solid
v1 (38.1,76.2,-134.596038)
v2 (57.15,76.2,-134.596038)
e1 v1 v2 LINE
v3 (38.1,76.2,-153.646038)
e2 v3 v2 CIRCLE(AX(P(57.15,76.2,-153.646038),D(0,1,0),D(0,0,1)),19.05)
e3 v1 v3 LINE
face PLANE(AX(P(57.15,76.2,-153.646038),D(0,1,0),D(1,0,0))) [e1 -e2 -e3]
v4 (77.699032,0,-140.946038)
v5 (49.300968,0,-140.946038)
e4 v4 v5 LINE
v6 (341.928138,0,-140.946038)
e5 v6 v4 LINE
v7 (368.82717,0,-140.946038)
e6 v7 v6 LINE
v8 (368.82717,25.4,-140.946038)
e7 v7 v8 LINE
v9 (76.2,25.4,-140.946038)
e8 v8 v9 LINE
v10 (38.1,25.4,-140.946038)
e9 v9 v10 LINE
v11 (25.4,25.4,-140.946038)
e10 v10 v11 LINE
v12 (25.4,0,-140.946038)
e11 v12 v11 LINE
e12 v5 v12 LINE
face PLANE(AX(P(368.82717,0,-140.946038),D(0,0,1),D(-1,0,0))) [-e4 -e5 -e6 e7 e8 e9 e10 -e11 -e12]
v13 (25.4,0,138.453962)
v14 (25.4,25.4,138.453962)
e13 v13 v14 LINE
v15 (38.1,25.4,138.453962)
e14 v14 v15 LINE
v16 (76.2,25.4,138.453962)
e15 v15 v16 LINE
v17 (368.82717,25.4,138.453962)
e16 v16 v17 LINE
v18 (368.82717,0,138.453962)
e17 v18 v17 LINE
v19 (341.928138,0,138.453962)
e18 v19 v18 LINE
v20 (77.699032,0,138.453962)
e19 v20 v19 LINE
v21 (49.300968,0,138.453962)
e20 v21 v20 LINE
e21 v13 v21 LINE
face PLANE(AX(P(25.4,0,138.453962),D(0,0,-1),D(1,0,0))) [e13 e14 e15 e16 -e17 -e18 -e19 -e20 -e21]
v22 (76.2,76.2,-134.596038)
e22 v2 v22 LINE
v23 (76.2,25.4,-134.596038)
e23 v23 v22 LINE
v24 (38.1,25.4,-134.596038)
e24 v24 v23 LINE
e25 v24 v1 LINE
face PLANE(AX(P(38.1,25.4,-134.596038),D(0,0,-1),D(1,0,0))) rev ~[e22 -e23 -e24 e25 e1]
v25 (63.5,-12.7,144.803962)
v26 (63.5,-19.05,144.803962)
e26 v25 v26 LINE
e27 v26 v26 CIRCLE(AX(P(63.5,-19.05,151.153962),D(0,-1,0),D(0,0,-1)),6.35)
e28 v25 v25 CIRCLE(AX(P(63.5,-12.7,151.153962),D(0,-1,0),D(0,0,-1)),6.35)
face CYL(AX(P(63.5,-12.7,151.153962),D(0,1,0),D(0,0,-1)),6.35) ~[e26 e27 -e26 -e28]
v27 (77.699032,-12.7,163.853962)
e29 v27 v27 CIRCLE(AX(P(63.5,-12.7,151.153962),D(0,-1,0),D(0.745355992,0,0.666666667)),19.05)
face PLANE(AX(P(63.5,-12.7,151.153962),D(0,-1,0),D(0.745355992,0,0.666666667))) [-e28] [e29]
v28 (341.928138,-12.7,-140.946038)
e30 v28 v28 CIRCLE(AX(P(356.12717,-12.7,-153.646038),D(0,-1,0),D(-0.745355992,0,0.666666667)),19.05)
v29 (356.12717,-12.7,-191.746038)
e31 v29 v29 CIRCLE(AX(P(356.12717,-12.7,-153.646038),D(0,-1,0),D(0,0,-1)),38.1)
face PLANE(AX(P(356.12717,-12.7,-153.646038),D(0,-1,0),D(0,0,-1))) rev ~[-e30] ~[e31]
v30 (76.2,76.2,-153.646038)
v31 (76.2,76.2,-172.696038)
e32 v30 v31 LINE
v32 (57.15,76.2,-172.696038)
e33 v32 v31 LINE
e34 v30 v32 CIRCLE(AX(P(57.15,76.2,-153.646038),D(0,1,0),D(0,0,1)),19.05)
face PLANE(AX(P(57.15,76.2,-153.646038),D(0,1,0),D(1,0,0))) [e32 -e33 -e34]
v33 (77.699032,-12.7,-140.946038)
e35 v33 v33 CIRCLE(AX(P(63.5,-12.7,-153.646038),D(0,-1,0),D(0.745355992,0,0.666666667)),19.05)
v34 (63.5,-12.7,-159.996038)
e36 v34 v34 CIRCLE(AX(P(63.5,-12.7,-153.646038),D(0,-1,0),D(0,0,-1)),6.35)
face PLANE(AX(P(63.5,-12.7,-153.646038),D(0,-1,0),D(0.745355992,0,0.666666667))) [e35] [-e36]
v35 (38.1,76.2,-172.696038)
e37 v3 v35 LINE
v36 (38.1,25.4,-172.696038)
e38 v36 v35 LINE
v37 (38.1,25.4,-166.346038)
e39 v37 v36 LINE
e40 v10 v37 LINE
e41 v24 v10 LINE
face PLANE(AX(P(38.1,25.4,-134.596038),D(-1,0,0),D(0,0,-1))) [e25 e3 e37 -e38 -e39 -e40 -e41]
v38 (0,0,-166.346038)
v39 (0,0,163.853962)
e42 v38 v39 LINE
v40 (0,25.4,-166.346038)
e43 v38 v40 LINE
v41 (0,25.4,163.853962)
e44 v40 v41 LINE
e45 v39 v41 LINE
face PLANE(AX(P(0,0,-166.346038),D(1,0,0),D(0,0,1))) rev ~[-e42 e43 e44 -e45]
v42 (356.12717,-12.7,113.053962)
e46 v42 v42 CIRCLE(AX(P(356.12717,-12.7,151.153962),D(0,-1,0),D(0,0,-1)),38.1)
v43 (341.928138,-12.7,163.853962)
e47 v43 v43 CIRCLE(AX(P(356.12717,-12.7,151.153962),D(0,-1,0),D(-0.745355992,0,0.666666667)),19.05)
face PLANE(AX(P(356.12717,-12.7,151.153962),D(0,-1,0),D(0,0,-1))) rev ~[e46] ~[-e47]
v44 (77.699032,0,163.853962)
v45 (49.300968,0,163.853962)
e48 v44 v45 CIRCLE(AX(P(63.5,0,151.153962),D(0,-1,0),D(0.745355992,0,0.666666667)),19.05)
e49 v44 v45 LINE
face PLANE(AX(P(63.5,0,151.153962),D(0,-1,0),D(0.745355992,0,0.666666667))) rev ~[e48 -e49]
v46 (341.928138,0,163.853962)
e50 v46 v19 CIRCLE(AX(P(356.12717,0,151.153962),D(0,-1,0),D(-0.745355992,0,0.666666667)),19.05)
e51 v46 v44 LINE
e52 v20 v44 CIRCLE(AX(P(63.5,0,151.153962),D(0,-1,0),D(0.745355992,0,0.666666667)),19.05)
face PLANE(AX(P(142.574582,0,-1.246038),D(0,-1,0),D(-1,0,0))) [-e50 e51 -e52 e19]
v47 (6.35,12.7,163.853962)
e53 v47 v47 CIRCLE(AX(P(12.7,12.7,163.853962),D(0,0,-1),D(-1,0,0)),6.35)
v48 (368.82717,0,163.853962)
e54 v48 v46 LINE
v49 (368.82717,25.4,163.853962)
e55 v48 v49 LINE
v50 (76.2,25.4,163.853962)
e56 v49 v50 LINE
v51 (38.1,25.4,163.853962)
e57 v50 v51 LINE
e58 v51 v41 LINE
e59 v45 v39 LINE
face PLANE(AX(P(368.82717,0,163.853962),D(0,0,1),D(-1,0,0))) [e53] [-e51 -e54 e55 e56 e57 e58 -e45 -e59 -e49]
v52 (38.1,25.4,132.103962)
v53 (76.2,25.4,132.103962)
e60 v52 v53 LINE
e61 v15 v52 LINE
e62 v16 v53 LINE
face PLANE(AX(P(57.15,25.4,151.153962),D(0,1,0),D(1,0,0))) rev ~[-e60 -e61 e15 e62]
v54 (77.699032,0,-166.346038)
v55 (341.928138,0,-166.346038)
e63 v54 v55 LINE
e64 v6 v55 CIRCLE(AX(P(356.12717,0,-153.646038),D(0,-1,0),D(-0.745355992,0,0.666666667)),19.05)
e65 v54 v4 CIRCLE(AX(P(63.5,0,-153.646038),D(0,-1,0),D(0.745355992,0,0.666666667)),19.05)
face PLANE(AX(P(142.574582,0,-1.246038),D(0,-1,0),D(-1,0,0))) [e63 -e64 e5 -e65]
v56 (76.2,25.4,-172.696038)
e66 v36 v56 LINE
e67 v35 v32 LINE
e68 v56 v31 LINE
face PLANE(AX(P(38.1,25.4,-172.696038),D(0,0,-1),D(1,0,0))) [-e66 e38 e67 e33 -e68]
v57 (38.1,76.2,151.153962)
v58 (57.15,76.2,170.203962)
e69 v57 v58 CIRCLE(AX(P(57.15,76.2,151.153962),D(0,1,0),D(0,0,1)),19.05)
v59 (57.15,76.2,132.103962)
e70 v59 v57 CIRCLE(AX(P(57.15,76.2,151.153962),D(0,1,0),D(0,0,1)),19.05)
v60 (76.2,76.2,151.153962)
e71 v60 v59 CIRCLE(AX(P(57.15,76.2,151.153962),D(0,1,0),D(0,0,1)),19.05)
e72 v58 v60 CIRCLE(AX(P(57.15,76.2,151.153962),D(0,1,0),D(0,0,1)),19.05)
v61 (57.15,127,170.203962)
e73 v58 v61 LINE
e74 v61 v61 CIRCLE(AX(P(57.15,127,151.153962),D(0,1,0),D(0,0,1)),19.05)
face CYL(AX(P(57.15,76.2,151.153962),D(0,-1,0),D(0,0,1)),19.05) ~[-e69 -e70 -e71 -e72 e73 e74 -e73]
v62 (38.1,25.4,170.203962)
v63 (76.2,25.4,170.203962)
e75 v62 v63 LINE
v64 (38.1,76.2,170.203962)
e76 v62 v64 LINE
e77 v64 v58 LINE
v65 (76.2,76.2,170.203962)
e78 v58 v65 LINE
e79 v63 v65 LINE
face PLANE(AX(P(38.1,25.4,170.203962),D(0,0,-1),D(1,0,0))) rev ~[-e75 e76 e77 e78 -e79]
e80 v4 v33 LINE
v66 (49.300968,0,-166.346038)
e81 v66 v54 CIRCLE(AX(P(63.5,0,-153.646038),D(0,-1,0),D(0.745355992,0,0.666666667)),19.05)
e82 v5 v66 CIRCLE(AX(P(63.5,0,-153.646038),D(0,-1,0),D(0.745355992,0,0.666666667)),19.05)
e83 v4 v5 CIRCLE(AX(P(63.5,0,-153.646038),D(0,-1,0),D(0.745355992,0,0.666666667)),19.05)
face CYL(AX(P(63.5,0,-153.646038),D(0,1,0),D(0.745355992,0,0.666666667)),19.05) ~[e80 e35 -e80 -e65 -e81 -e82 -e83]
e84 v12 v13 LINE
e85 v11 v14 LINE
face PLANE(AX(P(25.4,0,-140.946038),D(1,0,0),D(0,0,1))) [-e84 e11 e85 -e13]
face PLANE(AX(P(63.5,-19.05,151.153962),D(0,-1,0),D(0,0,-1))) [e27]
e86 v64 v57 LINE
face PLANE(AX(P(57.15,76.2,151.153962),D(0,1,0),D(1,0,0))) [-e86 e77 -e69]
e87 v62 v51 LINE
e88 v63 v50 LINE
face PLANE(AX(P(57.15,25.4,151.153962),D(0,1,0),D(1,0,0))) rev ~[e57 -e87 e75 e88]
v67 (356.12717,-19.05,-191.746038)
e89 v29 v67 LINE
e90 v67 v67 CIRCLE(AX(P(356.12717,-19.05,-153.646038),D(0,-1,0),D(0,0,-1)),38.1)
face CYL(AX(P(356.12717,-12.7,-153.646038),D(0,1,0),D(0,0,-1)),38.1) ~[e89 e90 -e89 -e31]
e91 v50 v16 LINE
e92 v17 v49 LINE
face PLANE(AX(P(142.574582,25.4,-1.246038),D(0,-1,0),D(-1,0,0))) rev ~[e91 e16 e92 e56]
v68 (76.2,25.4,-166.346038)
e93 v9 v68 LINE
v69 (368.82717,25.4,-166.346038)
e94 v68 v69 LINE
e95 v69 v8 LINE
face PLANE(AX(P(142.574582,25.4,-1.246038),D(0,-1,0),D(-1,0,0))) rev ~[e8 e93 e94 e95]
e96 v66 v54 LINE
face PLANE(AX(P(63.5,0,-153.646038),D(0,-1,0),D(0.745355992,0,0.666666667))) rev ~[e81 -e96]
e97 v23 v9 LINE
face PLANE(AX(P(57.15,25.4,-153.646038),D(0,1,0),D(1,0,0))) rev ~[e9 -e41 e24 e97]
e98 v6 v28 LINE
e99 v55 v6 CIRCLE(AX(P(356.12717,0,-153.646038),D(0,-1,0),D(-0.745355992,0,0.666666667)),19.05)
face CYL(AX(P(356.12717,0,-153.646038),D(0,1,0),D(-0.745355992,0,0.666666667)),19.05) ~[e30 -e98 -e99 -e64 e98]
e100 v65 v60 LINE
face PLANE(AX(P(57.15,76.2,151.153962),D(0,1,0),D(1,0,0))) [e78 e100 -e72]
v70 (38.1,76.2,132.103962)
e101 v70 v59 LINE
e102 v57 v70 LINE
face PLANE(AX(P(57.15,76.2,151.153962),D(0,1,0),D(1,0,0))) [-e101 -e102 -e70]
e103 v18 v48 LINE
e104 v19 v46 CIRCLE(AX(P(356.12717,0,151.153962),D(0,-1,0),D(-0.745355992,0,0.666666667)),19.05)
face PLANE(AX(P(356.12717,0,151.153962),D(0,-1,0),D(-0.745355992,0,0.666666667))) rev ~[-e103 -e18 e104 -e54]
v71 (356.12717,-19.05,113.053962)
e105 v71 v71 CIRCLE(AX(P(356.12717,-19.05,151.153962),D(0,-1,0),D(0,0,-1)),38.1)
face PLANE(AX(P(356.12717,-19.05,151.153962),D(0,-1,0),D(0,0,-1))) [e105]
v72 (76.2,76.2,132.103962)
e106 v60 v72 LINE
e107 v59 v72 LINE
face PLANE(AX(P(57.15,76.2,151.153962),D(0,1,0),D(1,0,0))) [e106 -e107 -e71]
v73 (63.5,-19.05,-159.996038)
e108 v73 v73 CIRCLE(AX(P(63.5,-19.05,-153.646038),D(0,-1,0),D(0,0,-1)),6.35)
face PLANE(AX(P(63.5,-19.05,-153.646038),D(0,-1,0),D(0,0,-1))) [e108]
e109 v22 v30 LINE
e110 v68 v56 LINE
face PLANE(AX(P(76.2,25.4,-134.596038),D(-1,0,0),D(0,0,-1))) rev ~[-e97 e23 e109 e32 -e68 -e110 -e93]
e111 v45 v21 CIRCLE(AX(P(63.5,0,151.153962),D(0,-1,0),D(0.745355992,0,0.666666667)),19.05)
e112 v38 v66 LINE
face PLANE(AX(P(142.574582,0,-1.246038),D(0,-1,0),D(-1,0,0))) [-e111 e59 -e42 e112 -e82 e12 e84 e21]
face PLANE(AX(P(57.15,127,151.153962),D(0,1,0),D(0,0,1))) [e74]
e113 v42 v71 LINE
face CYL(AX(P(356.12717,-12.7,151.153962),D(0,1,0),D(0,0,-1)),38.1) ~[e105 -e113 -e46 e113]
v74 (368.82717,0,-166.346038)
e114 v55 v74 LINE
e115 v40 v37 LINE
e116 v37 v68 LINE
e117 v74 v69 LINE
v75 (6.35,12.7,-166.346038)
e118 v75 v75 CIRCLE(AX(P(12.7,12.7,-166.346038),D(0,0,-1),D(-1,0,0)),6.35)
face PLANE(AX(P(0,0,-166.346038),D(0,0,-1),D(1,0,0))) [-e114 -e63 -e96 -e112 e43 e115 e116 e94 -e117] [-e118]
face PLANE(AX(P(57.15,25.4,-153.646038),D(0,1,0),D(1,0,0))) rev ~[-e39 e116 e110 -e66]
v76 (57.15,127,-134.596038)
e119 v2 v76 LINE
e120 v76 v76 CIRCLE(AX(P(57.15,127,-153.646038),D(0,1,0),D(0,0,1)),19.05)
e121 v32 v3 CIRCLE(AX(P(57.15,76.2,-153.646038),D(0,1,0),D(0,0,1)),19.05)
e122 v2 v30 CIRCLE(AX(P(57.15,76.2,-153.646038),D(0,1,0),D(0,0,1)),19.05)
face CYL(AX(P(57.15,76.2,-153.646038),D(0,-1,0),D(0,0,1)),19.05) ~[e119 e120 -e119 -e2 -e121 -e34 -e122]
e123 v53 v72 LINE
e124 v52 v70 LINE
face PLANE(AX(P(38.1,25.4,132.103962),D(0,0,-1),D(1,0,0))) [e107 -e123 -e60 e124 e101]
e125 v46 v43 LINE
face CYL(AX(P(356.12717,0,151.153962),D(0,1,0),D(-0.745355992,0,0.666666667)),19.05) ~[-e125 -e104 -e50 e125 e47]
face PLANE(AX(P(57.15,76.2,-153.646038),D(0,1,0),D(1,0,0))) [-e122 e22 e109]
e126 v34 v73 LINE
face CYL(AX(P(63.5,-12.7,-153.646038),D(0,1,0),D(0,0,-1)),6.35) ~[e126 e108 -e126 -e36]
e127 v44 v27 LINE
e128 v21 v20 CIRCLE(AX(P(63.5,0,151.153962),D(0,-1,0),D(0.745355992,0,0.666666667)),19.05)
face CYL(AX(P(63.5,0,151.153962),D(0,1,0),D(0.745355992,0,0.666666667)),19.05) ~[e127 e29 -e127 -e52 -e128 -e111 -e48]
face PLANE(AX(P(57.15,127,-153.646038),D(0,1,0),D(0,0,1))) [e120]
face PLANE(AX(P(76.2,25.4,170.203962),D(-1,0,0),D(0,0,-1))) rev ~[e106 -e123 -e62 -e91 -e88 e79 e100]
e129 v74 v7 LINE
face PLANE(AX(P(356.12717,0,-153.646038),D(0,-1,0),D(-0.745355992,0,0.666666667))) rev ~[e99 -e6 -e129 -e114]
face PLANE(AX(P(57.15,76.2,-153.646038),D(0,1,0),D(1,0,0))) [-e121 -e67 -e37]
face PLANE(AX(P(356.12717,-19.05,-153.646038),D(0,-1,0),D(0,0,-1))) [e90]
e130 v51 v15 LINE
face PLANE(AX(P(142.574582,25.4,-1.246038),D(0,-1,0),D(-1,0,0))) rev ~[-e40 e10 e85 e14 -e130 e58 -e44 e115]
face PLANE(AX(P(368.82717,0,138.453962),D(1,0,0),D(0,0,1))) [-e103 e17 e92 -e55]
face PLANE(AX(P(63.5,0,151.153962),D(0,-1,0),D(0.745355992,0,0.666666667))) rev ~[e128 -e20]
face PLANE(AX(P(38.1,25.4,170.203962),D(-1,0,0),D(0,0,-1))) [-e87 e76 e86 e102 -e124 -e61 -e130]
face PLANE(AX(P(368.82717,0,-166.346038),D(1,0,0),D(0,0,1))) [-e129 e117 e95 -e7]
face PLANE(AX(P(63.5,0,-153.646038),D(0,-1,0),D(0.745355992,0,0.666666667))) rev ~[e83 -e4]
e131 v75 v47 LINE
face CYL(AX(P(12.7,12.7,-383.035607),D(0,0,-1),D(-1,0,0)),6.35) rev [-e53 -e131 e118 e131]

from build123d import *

# Parameters (mm, degrees)
BOSS_EXTRUDE1_DEPTH     = 25.4
SKETCH3_W               = 38.1
SKETCH3_H               = 38.1
BOSS_EXTRUDE2_DEPTH     = 50.8
SKETCH4_R               = 19.05
BOSS_EXTRUDE3_DEPTH     = 50.8
LPATTERN1_COUNT         = 2
LPATTERN1_PITCH         = 304.8
SKETCH5_R               = 19.05
BOSS_EXTRUDE4_DEPTH     = 12.7
SKETCH6_R               = 6.35
BOSS_EXTRUDE5_DEPTH     = 6.35
LPATTERN2_COUNT         = 2
LPATTERN2_PITCH         = 304.8
SKETCH7_R               = 19.05
BOSS_EXTRUDE6_DEPTH     = 12.7
SKETCH8_R               = 38.1
BOSS_EXTRUDE7_DEPTH     = 6.35
LPATTERN3_COUNT         = 2
LPATTERN3_PITCH         = 304.8
CUT_EXTRUDE1_DEPTH      = 546.889568885
CUT_EXTRUDE1_DEPTH_BACK = 546.889568885
SKETCH9_R               = 6.35


with BuildPart() as part:
    # Sketch1 → Boss-Extrude1 (new body)
    with BuildSketch(Plane(origin=(0, 0, 0), x_dir=(1, 0, 0), z_dir=(0, 1, 0))):
        Polygon((0, 0), (0, 166.346037736), (368.827169811, 166.346037736), (368.827169811, 140.946037736), (25.4, 140.946037736), (25.4, -138.453962264), (368.827169811, -138.453962264), (368.827169811, -163.853962264), (0, -163.853962264), align=None)
    extrude(amount=BOSS_EXTRUDE1_DEPTH)

    # Sketch3 → Boss-Extrude2 (add)
    with BuildSketch(Plane(origin=(0, 25.4, 0), x_dir=(1, 0, 0), z_dir=(0, 1, 0))):
        with Locations((57.15, -151.153962264)):
            Rectangle(SKETCH3_W, SKETCH3_H)
    boss_extrude2 = extrude(amount=BOSS_EXTRUDE2_DEPTH)

    # Sketch4 → Boss-Extrude3 (add)
    with BuildSketch(Plane(origin=(0, 76.2, 0), x_dir=(1, 0, 0), z_dir=(0, 1, 0))):
        with Locations(Location((57.15, -151.153962264, 0), (0, 0, 270))):
            Circle(SKETCH4_R)
    boss_extrude3 = extrude(amount=BOSS_EXTRUDE3_DEPTH)

    # LPattern1: Boss-Extrude2, Boss-Extrude3 ×2
    with Locations(*[(0, 0, -i * LPATTERN1_PITCH) for i in range(1, LPATTERN1_COUNT)]):
        add(boss_extrude2)
        add(boss_extrude3)

    # Sketch5 → Boss-Extrude4 (add)
    with BuildSketch(Plane.XZ):
        with Locations(Location((63.5, 151.153962264, 0), (0, 0, 41.810314896))):
            Circle(SKETCH5_R)
    boss_extrude4 = extrude(amount=BOSS_EXTRUDE4_DEPTH)

    # Sketch6 → Boss-Extrude5 (add)
    with BuildSketch(Plane.XZ.offset(12.7)):
        with Locations(Location((63.5, 151.153962264, 0), (0, 0, 270))):
            Circle(SKETCH6_R)
    boss_extrude5 = extrude(amount=BOSS_EXTRUDE5_DEPTH)

    # LPattern2: Boss-Extrude4, Boss-Extrude5 ×2
    with Locations(*[(0, 0, -i * LPATTERN2_PITCH) for i in range(1, LPATTERN2_COUNT)]):
        add(boss_extrude4)
        add(boss_extrude5)

    # Sketch7 → Boss-Extrude6 (add)
    with BuildSketch(Plane.XZ):
        with Locations(Location((356.127169811, 151.153962264, 0), (0, 0, 138.189685104))):
            Circle(SKETCH7_R)
    boss_extrude6 = extrude(amount=BOSS_EXTRUDE6_DEPTH)

    # Sketch8 → Boss-Extrude7 (add)
    with BuildSketch(Plane.XZ.offset(12.7)):
        with Locations(Location((356.127169811, 151.153962264, 0), (0, 0, 270))):
            Circle(SKETCH8_R)
    boss_extrude7 = extrude(amount=BOSS_EXTRUDE7_DEPTH)

    # LPattern3: Boss-Extrude6, Boss-Extrude7 ×2
    with Locations(*[(0, 0, -i * LPATTERN3_PITCH) for i in range(1, LPATTERN3_COUNT)]):
        add(boss_extrude6)
        add(boss_extrude7)

    # Sketch9 → Cut-Extrude1 (cut, two sides: drawn at the far end of the back side and taken through both)
    with BuildSketch(Plane.XY.offset(163.853962264).offset(-CUT_EXTRUDE1_DEPTH_BACK)):
        with Locations(Location((12.7, 12.7, 0), (0, 0, 180))):
            Circle(SKETCH9_R)
    extrude(amount=CUT_EXTRUDE1_DEPTH + CUT_EXTRUDE1_DEPTH_BACK, mode=Mode.SUBTRACT)


solid = part.part
